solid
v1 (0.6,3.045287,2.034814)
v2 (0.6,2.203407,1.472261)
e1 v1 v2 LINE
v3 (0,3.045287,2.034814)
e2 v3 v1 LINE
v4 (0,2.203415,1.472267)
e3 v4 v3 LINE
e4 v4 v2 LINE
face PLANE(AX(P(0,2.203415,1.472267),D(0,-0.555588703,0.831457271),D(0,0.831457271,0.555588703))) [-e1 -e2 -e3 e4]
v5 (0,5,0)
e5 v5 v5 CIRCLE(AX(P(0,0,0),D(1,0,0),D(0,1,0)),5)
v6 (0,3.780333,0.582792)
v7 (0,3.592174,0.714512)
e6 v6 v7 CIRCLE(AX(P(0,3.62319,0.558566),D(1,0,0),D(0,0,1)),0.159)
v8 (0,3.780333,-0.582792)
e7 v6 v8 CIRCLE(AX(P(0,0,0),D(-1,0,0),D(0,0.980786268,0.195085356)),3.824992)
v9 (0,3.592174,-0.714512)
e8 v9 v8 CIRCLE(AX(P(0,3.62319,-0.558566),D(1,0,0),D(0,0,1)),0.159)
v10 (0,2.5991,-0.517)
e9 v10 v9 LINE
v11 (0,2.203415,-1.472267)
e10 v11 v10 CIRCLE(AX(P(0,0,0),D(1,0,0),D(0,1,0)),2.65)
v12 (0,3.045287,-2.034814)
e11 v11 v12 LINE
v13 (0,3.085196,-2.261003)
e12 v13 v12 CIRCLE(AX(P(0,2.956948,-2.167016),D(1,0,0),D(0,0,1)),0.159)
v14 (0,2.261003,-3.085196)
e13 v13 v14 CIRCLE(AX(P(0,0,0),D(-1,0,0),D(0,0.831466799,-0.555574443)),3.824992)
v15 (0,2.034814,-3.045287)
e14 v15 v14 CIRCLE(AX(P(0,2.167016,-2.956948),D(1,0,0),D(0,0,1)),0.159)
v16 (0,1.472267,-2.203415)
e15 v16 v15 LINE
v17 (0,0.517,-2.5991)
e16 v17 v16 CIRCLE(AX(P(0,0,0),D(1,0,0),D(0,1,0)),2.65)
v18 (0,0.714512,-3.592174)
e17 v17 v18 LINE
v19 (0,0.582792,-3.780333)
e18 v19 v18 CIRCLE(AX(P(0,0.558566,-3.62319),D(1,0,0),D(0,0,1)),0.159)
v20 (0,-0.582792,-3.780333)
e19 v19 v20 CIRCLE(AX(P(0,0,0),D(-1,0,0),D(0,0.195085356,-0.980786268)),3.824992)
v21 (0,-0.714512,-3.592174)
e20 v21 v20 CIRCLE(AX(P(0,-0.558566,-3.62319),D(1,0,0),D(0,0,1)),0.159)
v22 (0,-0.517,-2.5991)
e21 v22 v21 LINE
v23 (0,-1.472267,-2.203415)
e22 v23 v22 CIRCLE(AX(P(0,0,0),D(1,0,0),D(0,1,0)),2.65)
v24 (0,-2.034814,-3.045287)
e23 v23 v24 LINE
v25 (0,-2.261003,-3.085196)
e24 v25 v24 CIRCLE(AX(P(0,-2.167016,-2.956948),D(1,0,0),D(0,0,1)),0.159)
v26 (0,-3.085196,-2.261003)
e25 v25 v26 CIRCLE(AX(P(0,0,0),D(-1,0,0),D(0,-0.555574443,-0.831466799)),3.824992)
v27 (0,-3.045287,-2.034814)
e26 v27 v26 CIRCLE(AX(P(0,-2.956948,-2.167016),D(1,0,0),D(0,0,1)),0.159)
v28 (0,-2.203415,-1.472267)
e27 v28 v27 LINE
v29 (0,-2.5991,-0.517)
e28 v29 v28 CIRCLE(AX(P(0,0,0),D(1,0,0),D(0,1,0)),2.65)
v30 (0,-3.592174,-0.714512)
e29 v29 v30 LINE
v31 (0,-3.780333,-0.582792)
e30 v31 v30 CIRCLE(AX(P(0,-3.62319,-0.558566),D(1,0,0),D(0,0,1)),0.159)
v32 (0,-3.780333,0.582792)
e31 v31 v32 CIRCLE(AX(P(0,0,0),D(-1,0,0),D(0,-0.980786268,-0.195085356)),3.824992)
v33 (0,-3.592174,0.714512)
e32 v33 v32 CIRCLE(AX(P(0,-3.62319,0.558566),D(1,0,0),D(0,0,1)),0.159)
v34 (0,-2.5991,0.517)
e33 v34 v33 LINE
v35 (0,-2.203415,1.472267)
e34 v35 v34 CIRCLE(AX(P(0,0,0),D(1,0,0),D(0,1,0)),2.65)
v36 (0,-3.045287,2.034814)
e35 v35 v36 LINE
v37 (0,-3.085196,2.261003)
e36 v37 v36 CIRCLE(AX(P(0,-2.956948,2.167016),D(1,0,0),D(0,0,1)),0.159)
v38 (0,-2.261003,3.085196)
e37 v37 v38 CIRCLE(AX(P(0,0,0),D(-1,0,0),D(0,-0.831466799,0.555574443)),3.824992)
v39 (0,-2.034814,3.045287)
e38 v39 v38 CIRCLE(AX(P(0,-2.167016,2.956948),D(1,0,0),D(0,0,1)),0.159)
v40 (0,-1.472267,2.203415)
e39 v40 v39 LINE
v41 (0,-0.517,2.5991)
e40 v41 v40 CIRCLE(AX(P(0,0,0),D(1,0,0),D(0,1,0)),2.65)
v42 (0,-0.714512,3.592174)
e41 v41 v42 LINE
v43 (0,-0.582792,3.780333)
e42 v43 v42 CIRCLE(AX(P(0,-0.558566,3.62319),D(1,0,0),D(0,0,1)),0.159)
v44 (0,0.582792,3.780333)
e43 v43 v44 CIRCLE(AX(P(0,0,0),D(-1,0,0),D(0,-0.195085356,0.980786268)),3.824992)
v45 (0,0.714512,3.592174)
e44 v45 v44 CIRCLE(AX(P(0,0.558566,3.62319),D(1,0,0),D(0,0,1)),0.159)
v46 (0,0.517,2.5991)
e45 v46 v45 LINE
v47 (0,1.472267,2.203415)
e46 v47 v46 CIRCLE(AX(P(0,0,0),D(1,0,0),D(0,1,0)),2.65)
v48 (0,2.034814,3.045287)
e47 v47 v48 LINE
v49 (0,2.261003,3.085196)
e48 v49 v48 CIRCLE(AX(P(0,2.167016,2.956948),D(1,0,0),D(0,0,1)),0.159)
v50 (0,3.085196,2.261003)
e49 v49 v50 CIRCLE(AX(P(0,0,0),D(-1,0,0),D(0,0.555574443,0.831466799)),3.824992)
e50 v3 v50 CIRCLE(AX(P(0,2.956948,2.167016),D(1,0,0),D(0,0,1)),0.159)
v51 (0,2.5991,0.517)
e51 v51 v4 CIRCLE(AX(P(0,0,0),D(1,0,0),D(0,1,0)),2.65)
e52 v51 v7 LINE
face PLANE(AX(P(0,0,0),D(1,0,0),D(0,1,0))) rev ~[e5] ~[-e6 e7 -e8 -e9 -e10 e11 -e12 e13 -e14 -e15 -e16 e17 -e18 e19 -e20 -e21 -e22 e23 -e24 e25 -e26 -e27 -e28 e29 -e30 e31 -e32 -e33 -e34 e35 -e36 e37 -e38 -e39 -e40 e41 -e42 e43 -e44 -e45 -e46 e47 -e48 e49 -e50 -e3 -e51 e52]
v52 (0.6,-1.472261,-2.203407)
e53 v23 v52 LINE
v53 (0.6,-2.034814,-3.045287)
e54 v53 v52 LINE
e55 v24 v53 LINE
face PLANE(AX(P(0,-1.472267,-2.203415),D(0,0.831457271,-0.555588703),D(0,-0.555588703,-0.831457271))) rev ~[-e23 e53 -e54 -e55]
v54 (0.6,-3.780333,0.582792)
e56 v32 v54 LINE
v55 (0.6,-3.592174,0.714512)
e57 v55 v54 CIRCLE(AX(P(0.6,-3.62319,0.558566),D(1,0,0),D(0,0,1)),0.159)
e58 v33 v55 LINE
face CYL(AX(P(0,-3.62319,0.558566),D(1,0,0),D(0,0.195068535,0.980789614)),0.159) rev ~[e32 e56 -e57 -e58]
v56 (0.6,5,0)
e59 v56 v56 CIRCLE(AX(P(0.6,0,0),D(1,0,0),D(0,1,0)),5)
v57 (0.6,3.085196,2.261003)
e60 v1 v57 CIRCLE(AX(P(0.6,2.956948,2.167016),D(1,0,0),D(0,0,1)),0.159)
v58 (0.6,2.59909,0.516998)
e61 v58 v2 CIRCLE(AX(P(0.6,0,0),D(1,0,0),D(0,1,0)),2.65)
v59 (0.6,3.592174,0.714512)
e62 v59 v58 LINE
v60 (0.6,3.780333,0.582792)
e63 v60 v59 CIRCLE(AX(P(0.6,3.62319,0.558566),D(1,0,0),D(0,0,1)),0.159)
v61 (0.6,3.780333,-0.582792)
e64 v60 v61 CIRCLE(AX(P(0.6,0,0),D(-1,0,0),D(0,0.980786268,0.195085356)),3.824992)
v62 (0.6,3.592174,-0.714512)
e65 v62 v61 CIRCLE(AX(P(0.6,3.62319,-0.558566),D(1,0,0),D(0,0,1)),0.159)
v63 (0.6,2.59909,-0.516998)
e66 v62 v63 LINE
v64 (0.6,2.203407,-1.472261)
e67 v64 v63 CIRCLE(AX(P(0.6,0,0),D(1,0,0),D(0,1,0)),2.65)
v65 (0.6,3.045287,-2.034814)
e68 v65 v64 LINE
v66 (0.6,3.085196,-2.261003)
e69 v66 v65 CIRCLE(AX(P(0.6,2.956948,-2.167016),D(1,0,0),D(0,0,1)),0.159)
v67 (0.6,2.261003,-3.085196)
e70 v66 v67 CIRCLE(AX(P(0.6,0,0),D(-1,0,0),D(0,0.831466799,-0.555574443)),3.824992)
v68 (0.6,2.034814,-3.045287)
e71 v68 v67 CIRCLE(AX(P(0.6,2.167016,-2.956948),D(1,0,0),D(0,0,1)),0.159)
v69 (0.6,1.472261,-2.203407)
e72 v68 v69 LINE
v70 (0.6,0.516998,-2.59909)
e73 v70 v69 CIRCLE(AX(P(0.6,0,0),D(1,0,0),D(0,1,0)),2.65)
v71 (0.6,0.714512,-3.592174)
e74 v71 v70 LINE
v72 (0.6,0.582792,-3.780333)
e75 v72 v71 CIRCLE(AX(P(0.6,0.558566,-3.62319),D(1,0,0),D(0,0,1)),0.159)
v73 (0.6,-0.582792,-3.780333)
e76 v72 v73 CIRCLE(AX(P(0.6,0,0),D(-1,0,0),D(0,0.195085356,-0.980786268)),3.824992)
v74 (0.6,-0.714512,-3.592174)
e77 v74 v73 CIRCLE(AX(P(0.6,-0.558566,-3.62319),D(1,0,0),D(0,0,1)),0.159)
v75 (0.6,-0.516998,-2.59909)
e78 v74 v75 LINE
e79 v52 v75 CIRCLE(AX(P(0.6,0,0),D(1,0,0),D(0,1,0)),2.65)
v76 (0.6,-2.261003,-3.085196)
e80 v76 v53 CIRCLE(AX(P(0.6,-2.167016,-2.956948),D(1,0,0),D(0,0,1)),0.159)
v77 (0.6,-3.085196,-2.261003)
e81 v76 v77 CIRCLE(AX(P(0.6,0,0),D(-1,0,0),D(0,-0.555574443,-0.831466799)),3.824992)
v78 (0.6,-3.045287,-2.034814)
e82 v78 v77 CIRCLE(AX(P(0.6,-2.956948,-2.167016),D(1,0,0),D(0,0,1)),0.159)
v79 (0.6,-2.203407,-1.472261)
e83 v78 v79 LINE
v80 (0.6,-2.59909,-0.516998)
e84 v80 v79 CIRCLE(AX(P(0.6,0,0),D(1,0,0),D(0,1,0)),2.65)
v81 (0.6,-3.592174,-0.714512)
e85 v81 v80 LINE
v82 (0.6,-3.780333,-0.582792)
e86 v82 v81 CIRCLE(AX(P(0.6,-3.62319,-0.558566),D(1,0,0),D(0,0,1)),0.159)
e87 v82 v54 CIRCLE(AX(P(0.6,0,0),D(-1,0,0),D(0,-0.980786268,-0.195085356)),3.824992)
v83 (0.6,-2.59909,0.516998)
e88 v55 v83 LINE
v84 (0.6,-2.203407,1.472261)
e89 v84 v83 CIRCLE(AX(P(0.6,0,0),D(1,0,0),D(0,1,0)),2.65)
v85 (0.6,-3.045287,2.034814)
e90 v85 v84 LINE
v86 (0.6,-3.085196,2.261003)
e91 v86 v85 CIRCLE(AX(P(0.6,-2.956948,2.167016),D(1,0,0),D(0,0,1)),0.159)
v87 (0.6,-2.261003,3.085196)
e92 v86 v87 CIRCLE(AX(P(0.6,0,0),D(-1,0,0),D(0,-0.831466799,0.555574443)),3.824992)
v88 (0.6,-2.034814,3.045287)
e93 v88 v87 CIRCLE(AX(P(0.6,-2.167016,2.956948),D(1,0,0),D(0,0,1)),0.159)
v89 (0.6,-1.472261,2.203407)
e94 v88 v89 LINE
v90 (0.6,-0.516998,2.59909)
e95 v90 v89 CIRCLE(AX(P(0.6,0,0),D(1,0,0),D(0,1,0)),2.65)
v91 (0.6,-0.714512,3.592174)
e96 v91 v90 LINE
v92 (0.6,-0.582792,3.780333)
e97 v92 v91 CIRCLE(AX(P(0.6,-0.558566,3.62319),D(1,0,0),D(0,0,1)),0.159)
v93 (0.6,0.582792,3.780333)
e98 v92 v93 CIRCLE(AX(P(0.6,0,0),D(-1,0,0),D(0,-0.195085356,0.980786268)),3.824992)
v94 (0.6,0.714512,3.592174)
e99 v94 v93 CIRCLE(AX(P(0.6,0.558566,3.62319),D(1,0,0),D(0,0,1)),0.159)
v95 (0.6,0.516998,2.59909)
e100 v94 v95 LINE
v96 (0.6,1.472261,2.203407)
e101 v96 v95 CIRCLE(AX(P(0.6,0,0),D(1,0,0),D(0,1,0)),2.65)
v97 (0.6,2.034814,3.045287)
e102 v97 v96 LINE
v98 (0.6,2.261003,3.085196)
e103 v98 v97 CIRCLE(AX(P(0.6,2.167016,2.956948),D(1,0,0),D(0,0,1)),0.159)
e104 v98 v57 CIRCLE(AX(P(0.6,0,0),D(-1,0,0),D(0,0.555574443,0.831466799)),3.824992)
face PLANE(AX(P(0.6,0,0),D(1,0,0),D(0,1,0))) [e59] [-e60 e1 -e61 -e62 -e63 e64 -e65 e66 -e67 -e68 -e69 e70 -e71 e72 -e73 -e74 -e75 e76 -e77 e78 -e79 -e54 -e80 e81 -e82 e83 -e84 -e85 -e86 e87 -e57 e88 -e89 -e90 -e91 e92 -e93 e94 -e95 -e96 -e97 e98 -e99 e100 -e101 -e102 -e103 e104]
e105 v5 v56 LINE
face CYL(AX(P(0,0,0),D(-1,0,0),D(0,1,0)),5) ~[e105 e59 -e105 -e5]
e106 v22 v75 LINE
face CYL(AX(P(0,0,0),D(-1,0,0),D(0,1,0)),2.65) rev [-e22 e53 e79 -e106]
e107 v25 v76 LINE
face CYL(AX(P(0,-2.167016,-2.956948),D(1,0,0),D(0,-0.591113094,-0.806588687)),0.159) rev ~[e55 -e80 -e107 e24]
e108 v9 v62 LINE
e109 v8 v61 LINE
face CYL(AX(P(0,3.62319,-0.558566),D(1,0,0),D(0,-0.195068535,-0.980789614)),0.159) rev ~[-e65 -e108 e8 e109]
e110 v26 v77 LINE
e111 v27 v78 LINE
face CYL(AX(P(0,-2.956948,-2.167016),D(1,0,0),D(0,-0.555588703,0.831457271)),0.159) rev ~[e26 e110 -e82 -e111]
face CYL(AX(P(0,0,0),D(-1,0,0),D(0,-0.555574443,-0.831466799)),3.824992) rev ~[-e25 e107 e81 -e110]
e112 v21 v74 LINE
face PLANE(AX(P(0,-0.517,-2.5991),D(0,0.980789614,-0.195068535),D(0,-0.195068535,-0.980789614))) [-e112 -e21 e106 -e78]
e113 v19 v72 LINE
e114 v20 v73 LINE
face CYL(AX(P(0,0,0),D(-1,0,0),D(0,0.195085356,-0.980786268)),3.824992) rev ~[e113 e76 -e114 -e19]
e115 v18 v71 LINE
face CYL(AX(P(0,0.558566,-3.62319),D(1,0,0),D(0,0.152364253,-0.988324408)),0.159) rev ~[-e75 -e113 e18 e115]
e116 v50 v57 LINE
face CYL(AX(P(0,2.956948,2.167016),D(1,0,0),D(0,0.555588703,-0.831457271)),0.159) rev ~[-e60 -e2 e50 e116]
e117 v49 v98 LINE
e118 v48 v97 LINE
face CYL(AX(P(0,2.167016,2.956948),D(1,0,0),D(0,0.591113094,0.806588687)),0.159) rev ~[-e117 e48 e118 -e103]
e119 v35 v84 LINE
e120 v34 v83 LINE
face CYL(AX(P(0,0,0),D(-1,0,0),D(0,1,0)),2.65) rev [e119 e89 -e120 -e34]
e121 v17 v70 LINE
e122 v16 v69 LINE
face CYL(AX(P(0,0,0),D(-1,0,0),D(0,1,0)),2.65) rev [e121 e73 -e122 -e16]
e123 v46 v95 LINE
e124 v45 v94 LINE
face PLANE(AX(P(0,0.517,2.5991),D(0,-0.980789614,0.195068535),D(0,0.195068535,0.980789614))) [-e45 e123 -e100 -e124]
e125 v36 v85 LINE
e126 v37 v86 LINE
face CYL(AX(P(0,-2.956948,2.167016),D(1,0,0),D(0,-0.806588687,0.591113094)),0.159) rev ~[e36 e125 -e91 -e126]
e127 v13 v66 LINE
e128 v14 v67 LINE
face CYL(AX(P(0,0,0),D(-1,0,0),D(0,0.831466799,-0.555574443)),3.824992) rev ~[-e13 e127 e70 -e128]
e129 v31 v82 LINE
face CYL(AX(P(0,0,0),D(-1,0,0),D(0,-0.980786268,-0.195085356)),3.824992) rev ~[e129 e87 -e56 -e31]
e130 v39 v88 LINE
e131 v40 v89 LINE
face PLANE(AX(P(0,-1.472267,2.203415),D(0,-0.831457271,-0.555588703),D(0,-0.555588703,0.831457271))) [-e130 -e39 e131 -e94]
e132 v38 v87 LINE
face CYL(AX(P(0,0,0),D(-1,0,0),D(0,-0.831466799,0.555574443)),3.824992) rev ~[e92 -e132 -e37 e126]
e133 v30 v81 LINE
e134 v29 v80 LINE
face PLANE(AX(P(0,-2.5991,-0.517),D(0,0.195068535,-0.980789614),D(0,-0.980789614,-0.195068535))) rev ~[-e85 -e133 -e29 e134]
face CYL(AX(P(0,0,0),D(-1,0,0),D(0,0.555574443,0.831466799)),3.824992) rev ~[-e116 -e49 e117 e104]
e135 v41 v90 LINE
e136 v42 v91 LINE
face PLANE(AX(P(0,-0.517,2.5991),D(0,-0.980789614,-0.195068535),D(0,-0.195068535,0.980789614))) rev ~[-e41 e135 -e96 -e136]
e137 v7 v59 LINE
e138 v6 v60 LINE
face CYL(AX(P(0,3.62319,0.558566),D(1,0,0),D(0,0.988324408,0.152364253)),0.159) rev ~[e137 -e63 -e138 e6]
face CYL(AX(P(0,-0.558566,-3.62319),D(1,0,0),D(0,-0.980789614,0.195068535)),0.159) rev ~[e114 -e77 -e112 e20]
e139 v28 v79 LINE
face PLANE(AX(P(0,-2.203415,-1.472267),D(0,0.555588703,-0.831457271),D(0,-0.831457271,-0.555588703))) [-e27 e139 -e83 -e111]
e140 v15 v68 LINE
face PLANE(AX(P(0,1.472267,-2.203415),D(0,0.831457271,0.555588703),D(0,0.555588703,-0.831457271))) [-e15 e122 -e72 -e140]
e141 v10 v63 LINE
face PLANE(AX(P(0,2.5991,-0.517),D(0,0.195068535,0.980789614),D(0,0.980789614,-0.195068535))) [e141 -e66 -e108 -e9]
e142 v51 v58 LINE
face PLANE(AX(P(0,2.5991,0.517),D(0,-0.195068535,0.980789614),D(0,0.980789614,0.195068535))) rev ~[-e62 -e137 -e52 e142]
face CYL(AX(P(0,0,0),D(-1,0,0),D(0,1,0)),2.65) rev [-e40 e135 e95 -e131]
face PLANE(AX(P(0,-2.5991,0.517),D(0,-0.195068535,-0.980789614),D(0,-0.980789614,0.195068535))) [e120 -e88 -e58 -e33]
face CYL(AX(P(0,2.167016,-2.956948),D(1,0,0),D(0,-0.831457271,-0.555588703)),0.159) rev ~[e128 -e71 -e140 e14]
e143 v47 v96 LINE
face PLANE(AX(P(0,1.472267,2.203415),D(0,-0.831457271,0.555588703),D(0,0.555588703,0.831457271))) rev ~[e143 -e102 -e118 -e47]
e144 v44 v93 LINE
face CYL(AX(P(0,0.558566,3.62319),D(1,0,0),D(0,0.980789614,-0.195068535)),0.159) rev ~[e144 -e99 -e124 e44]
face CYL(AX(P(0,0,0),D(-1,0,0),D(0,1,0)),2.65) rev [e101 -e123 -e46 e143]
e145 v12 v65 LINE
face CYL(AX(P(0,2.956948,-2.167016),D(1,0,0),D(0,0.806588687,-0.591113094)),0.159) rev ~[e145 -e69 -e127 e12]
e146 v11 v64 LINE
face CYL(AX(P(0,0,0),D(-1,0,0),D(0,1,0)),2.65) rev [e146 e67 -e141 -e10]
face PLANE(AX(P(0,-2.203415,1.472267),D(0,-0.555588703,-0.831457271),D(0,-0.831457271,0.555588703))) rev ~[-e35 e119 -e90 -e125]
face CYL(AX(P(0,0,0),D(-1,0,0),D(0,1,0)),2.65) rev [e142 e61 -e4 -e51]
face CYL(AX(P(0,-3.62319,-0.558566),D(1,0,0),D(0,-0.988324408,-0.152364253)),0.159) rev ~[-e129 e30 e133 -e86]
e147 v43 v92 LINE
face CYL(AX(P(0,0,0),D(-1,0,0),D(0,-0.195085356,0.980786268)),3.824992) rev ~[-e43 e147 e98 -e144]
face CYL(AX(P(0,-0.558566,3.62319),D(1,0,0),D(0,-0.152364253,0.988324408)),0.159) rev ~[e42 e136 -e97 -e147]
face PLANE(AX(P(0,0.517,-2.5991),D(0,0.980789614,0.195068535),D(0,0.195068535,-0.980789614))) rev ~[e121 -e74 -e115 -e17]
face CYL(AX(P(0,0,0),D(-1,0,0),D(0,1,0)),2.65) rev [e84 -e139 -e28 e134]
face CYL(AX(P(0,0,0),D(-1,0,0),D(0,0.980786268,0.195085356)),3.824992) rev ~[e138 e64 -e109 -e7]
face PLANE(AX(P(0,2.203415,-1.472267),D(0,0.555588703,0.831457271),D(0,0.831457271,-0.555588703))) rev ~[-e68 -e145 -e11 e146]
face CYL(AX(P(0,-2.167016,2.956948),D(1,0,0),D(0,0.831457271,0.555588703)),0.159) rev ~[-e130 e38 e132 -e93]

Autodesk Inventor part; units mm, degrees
ref_plane "YZ Plane" through (0, 0, 0) normal (1, 0, 0) x (0, 1, 0)
ref_plane "XZ Plane" through (0, 0, 0) normal (0, 1, 0) x (-1, 0, 0)
sketch "Sketch1" plane through (0, 0, 0) normal (1, 0, 0) x (0, 1, 0)
  circle A0 centre (0, 0) radius 5
  circle A1 centre (0, 0) radius 2.65
  dimension "d0" = 5.3
  dimension "d1" = 10
extrude "Body" add sketch "Sketch1" along normal blind 0.6
sketch "Sketch2" plane through (0, 0, 0) normal (-1, 0, 0) x (0, 0, 1)
  circle A0 centre (0, 0) radius 2.65 projected
  arc A1 (0.7462, 3.7515) -> (-0.7462, 3.7515) centre (0, 0) ccw
  line L0 (-0.517, 2.5991) -> (-0.7462, 3.7515)
  line L1 (-0.517, 2.5991) -> (0, 0) construction
  line L2 (0, 3.825) -> (0, 0) construction
  line L3 (0.517, 2.5991) -> (0.7462, 3.7515)
  line L4 (0.517, 2.5991) -> (0, 0) construction
  dimension "d6" = 7.65
  dimension "d7" = 11.25
extrude "Cut" cut sketch "Sketch2" along normal through all both and the other way through all contours A0 L0 A1 L3
fillet "Fillet1" radius 0.159 2 edges at (0.3, 3.7515, 0.7462) (0.3, 3.7515, -0.7462)
pattern_circular "Cuts" count 8 over 360 about axis through (-10, 0, 0) along (1, 0, 0) of "Cut", "Fillet1"
ref_plane "Work Plane1" through (0, 0, 0) normal (0, 1, 0) x (1, 0, 0)
equation "\"d0\" = SD1"
equation "\"d1\" = SD2"
equation "\"d2\" = SD"
equation "\"d6\" = 0.5 * SD2 + 0.5 * SD1"
equation "\"d8\" = SD"
equation "\"d10\" = 0.03 * SD1"
equation "\"SD1\" = 5.3"
equation "\"SD2\" = 10"
equation "\"SD\" = 0.6"
equation "\"NND\" = 5"
properties part number "DIN 6798 - J 5.3" material "Steel, Mild"
